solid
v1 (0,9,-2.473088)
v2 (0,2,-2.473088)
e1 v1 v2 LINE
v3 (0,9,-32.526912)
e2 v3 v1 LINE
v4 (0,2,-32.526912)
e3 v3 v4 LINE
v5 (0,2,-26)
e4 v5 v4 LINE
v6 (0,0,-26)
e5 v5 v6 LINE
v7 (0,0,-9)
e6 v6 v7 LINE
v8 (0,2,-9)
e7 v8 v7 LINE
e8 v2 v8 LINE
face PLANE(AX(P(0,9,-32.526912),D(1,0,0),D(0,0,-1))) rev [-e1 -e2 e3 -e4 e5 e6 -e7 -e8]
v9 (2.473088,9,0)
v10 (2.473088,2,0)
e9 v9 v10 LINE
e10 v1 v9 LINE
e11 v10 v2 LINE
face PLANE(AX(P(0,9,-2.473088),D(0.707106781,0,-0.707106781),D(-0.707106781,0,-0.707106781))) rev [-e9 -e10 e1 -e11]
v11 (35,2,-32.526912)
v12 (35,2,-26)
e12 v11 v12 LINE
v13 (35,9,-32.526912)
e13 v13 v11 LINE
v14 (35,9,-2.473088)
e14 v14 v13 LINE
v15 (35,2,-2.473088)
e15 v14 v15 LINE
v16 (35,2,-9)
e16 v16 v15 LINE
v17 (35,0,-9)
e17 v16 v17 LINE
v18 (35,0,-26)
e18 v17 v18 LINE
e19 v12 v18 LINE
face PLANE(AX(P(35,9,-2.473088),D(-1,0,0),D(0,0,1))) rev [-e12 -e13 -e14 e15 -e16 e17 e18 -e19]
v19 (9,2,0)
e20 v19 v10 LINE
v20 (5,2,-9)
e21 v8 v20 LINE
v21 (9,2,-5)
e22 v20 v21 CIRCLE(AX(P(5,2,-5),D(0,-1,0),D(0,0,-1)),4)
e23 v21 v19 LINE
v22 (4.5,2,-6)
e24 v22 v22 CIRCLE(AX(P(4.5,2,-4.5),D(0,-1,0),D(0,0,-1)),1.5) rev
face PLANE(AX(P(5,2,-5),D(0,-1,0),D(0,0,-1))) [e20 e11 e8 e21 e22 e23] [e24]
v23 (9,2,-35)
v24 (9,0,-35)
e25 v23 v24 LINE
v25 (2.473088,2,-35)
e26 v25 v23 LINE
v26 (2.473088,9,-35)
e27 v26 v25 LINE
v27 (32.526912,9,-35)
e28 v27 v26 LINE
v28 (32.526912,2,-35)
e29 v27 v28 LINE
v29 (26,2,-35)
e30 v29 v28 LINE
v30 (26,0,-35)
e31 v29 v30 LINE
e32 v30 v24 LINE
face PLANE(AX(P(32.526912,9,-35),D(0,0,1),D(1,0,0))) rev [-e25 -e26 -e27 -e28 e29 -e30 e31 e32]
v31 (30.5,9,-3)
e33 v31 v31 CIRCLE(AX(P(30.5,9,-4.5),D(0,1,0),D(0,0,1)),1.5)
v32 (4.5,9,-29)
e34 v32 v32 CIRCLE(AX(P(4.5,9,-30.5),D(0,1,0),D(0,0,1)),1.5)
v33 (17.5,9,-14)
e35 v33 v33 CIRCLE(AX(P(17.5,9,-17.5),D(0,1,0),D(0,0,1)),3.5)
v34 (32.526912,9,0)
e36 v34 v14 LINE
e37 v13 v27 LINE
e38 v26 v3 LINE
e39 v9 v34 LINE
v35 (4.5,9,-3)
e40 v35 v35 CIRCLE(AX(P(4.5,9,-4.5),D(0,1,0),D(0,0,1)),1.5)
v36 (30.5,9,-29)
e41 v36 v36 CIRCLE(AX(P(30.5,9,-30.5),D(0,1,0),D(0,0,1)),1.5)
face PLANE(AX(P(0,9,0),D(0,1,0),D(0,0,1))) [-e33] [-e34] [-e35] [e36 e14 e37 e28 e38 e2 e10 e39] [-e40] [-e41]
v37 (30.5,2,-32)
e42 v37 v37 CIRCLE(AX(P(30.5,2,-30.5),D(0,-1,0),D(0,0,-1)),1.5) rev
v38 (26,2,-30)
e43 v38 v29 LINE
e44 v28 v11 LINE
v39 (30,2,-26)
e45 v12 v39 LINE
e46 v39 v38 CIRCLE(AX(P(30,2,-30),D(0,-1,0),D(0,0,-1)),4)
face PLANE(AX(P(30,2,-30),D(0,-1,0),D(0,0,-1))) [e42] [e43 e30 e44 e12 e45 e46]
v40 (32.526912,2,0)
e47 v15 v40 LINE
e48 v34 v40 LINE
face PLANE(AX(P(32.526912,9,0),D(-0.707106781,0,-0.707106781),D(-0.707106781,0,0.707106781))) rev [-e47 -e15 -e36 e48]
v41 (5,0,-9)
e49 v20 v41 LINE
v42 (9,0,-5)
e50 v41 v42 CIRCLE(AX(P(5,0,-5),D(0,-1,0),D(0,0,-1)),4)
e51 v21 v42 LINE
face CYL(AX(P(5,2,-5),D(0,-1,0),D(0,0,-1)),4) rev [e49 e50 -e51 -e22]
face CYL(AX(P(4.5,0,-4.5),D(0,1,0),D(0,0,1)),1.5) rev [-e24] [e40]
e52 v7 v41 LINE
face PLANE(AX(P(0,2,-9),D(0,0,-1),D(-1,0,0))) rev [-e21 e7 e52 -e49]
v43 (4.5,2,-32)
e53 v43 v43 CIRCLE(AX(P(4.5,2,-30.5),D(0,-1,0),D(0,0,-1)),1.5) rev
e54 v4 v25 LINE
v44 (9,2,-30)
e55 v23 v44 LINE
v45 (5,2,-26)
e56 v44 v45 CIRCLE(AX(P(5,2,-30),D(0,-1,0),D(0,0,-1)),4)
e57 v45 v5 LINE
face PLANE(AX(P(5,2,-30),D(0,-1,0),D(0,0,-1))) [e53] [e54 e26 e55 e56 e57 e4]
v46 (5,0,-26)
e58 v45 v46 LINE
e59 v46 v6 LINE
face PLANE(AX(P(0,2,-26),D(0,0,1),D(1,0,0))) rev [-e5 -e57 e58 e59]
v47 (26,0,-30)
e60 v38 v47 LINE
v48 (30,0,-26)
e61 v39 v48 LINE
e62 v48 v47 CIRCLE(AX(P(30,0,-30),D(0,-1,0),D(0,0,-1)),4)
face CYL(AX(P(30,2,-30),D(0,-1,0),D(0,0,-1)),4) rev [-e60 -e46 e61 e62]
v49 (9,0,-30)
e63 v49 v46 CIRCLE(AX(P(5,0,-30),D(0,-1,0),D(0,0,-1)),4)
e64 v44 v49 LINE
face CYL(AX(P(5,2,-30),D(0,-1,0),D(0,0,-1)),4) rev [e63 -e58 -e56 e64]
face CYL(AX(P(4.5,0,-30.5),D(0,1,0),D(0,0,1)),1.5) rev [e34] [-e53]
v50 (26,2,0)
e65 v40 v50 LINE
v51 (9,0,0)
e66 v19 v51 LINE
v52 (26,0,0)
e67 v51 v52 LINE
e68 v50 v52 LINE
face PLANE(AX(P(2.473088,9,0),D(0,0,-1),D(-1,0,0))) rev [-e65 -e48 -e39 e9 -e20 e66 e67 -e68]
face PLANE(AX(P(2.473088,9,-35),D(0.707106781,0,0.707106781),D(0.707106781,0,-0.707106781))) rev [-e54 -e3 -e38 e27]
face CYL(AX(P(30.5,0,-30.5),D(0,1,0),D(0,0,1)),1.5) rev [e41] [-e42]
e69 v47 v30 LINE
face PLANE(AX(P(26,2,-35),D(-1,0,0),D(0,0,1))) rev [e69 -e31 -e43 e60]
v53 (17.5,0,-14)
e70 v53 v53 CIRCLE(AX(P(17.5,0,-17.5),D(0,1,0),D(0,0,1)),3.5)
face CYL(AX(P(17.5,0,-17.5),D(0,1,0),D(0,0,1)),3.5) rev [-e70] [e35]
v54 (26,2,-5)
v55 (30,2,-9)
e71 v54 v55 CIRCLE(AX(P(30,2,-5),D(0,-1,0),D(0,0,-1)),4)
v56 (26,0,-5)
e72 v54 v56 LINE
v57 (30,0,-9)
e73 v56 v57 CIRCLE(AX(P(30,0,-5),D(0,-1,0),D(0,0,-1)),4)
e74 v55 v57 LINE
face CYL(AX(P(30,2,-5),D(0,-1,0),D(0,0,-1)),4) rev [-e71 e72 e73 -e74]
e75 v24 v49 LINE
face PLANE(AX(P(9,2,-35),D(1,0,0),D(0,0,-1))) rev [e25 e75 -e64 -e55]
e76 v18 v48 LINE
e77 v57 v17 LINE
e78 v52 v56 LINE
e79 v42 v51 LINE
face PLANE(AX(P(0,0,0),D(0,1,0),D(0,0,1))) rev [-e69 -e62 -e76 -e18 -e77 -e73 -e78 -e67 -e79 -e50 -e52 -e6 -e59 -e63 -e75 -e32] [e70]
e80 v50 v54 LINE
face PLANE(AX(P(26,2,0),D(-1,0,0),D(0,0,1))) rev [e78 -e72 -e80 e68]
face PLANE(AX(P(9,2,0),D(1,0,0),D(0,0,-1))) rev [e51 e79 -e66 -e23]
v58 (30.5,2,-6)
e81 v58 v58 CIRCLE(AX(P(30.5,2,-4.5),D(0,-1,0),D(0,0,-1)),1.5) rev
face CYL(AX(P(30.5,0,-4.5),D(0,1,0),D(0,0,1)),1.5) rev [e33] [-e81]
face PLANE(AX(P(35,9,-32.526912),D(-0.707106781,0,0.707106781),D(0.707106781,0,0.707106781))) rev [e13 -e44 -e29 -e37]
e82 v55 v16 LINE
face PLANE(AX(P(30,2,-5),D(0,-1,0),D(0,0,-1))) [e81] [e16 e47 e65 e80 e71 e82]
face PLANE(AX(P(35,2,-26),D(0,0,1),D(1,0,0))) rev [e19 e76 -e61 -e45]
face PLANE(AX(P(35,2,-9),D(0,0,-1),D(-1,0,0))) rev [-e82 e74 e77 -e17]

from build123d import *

# Parameters (mm, degrees)
SALIENTE_EXTRUIR1_DEPTH = 9
CROQUIS2_R              = 3.5
CORTAR_EXTRUIR1_DEPTH   = 51.309044912
CROQUIS3_R              = 1.5
CORTAR_EXTRUIR2_DEPTH   = 51.309044912
CUT_EXTRUDE1_DEPTH      = 2


with BuildPart() as part:
    # Croquis1 → Saliente-Extruir1 (new body)
    with BuildSketch(Plane(origin=(0, 0, 0), x_dir=(1, 0, 0), z_dir=(0, 1, 0))):
        Polygon((0, 2.473088065), (2.473088065, 0), (32.526911935, 0), (35, 2.473088065), (35, 32.526911935), (32.526911935, 35), (2.473088065, 35), (0, 32.526911935), align=None)
    extrude(amount=SALIENTE_EXTRUIR1_DEPTH)

    # Croquis2 → Cortar-Extruir1 (cut, through all)
    with BuildSketch(Plane(origin=(0, 9, 0), x_dir=(1, 0, 0), z_dir=(0, 1, 0))):
        with Locations(Location((17.5, 17.5, 0), (0, 0, 270))):
            Circle(CROQUIS2_R)
    extrude(amount=-CORTAR_EXTRUIR1_DEPTH, mode=Mode.SUBTRACT)

    # Croquis3 → Cortar-Extruir2 (cut, through all)
    with BuildSketch(Plane(origin=(0, 9, 0), x_dir=(1, 0, 0), z_dir=(0, 1, 0))):
        with Locations(Location((4.5, 30.5, 0), (0, 0, 270))):
            Circle(CROQUIS3_R)
        with Locations(Location((30.5, 30.5, 0), (0, 0, 270))):
            Circle(CROQUIS3_R)
        with Locations(Location((30.5, 4.5, 0), (0, 0, 270))):
            Circle(CROQUIS3_R)
        with Locations(Location((4.5, 4.5, 0), (0, 0, 270))):
            Circle(CROQUIS3_R)
    extrude(amount=-CORTAR_EXTRUIR2_DEPTH, mode=Mode.SUBTRACT)

    # Sketch1 → Cut-Extrude1 (cut)
    with BuildSketch(Plane.XZ):
        with BuildLine():
            Line((35, 0), (35, -9))
            Line((35, -9), (30, -9))
            ThreePointArc((30, -9), (27.171572875, -7.828427125), (26, -5))
            Line((26, -5), (26, 0))
            Line((26, 0), (35, 0))
        make_face()
        with BuildLine():
            Line((0, 0), (9, 0))
            Line((9, 0), (9, -5))
            ThreePointArc((9, -5), (7.828427125, -7.828427125), (5, -9))
            Line((5, -9), (0, -9))
            Line((0, -9), (0, 0))
        make_face()
        with BuildLine():
            Line((35, -35), (26, -35))
            Line((26, -35), (26, -30))
            ThreePointArc((26, -30), (27.171572875, -27.171572875), (30, -26))
            Line((30, -26), (35, -26))
            Line((35, -26), (35, -35))
        make_face()
        with BuildLine():
            Line((0, -35), (0, -26))
            Line((0, -26), (5, -26))
            ThreePointArc((5, -26), (7.828427125, -27.171572875), (9, -30))
            Line((9, -30), (9, -35))
            Line((9, -35), (0, -35))
        make_face()
    extrude(amount=-CUT_EXTRUDE1_DEPTH, mode=Mode.SUBTRACT)


solid = part.part
